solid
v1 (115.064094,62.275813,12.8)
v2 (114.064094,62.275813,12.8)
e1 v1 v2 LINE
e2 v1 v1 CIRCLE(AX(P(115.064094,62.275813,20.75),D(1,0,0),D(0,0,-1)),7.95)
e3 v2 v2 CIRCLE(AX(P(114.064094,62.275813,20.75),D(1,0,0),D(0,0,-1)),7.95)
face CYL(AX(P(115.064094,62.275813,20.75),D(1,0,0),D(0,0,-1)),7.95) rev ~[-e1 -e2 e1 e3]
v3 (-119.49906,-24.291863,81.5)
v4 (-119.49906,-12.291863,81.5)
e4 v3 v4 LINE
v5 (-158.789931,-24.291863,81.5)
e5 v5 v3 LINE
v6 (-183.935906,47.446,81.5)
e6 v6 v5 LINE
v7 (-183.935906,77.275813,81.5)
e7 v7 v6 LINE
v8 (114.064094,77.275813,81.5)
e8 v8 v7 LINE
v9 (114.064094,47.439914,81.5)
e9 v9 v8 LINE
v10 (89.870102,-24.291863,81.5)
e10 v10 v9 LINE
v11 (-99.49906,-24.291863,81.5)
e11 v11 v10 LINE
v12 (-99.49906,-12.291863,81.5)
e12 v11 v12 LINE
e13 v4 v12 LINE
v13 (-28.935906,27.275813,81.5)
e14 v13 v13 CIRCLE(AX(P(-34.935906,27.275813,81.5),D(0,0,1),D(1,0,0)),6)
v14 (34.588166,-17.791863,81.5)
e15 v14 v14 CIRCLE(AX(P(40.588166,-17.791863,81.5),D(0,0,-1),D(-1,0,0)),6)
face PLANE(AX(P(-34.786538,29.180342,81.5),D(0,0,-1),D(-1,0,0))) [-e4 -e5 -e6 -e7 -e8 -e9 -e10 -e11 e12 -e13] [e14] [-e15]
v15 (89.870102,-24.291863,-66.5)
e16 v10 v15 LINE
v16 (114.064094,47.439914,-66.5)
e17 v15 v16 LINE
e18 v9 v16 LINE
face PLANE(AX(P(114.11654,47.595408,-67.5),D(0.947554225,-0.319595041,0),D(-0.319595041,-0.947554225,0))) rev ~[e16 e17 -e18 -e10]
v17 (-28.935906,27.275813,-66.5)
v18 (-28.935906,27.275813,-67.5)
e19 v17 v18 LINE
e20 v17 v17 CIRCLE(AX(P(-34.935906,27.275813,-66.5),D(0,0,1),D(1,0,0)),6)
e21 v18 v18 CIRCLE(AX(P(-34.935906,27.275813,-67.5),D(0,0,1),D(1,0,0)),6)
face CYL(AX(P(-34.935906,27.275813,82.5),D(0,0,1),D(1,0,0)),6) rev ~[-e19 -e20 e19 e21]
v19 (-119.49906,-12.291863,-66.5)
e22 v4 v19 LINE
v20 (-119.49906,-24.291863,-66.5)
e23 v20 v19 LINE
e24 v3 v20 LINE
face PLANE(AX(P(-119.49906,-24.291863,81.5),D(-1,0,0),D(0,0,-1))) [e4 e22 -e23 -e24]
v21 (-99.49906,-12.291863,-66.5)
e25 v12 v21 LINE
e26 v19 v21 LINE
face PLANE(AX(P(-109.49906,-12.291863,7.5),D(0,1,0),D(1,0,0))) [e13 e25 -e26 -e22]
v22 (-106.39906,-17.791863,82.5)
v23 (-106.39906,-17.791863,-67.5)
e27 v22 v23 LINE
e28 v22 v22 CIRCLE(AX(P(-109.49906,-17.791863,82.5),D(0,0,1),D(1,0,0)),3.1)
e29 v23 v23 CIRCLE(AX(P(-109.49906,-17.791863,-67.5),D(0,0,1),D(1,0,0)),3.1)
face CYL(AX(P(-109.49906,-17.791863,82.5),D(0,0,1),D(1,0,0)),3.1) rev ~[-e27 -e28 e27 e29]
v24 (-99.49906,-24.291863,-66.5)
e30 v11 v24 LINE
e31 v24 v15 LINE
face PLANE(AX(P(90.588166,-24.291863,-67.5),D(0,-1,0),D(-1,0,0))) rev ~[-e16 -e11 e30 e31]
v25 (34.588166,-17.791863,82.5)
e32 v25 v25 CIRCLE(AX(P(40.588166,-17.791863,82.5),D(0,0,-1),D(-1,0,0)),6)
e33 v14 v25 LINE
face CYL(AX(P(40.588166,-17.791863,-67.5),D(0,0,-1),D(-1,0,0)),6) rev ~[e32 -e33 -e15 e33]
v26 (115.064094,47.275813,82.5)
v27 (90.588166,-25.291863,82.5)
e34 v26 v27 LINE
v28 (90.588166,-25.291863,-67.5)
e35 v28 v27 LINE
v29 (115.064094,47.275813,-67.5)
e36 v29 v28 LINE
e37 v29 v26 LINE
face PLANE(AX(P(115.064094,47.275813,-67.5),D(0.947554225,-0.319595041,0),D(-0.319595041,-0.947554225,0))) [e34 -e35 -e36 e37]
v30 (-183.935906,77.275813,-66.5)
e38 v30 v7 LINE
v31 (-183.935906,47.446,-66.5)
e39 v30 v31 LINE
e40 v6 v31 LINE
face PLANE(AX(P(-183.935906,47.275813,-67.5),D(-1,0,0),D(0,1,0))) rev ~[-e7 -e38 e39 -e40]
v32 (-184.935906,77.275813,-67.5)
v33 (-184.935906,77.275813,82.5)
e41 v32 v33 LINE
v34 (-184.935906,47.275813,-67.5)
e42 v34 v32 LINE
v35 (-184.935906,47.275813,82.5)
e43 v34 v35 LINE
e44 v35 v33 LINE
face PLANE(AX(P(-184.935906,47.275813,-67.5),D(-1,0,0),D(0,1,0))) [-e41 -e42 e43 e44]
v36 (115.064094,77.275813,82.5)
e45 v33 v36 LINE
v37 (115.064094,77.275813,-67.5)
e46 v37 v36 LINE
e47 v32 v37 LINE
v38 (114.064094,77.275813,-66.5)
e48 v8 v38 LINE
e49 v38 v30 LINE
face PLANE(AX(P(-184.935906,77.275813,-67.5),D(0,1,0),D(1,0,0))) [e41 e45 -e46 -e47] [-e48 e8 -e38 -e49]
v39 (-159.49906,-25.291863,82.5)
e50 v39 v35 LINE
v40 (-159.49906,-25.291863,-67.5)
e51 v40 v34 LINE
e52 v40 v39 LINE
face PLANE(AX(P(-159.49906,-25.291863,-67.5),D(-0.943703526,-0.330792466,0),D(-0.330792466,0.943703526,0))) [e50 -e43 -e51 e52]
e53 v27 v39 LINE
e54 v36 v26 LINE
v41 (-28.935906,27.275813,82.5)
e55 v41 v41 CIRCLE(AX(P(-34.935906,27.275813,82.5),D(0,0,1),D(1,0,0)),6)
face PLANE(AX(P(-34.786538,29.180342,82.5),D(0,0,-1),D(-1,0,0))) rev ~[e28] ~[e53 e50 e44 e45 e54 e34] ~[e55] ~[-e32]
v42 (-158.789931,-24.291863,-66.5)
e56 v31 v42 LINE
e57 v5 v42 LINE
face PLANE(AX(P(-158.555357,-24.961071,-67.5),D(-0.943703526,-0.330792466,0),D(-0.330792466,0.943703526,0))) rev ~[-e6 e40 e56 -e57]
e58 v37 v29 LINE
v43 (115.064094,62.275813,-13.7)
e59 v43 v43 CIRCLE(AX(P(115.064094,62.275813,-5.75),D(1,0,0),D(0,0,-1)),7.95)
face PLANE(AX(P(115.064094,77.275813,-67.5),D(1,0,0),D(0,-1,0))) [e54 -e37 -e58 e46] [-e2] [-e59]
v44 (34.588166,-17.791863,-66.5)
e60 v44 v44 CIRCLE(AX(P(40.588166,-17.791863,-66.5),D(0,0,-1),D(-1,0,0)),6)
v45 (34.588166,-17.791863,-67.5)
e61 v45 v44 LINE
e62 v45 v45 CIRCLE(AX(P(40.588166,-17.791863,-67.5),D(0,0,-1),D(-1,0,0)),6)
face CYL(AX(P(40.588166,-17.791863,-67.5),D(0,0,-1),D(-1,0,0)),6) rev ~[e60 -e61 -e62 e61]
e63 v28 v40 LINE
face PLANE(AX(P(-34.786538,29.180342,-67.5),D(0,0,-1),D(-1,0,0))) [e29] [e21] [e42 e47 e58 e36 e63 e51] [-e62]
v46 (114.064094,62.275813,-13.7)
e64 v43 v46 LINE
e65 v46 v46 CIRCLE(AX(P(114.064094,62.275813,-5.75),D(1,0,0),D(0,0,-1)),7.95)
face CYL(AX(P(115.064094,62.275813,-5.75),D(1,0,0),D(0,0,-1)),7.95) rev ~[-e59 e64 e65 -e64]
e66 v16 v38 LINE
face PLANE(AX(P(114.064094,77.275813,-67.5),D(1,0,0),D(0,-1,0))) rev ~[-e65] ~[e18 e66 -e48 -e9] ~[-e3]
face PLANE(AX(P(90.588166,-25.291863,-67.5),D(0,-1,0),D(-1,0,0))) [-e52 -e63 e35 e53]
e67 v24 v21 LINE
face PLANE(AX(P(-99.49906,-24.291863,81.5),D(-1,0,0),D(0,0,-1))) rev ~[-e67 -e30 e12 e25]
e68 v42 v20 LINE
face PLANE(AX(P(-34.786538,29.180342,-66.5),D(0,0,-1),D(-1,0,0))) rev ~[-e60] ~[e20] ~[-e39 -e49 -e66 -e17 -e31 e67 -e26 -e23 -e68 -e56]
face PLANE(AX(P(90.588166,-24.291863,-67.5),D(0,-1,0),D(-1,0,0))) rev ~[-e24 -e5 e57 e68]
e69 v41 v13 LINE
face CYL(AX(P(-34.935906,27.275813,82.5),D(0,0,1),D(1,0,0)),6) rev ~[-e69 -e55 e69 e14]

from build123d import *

# Parameters (mm, degrees)
BOSS_EXTRUDE1_DEPTH     = 15
SCALE4_SCALE            = 10
SHELL3_T                = -1
SKETCH7_R               = 2.5
CUT_EXTRUDE2_DEPTH      = 1
CUT_EXTRUDE2_DEPTH_BACK = 151
SKETCH8_R               = 2.5
CUT_EXTRUDE3_DEPTH      = 1
CUT_EXTRUDE3_DEPTH_BACK = 151
SKETCH11_R              = 6
CUT_EXTRUDE5_DEPTH      = 1
CUT_EXTRUDE5_DEPTH_BACK = 151
SKETCH12_R              = 6
CUT_EXTRUDE6_DEPTH      = 1
CUT_EXTRUDE6_DEPTH_BACK = 151
SKETCH19_W              = 20
SKETCH19_H              = 148
BOSS_EXTRUDE6_DEPTH     = 12
SKETCH6_R               = 3.1
CUT_EXTRUDE9_DEPTH      = 1
CUT_EXTRUDE9_DEPTH_BACK = 151
SKETCH22_R              = 7.95
CUT_EXTRUDE10_DEPTH     = 2


with BuildPart() as part:
    # Sketch1 → Boss-Extrude1 (new body)
    with BuildSketch(Plane.XY):
        Polygon((-49.791399094, 32.645333647), (-19.791399094, 32.645333647), (-19.791399094, 29.645333647), (-22.238991949, 22.388566018), (-47.247714564, 22.388566018), (-49.791399094, 29.645333647), align=None)
    extrude(amount=BOSS_EXTRUDE1_DEPTH)


with BuildPart() as part_1:
    # Scale4: scaled about (-34.775342822, 27.686391484, 7.5)
    add(part.part.scale(SCALE4_SCALE).moved(Location((312.978085398, -249.177523356, -67.5))))

    # Shell3
    shell3_openings = [part_1.faces().sort_by_distance(p)[0] for p in [
        (-34.935905541, 77.275813113, 7.5),
    ]]
    offset(amount=SHELL3_T, openings=shell3_openings, kind=Kind.INTERSECTION)

    # Sketch7 → Cut-Extrude2 (cut, two sides)
    with BuildSketch(Plane.XY.offset(82.5)) as cut_extrude2_sk:
        with Locations((40.588165903, -17.79186318)):
            Circle(SKETCH7_R)
    extrude(amount=CUT_EXTRUDE2_DEPTH, mode=Mode.SUBTRACT)
    extrude(cut_extrude2_sk.sketch, amount=-CUT_EXTRUDE2_DEPTH_BACK, mode=Mode.SUBTRACT)

    # Sketch8 → Cut-Extrude3 (cut, two sides)
    with BuildSketch(Plane.XY.offset(82.5)) as cut_extrude3_sk:
        with Locations((-34.935905541, 27.275813113)):
            Circle(SKETCH8_R)
    extrude(amount=CUT_EXTRUDE3_DEPTH, mode=Mode.SUBTRACT)
    extrude(cut_extrude3_sk.sketch, amount=-CUT_EXTRUDE3_DEPTH_BACK, mode=Mode.SUBTRACT)

    # Sketch11 → Cut-Extrude5 (cut, two sides)
    with BuildSketch(Plane(origin=(0, 0, -67.5), x_dir=(-1, 0, 0), z_dir=(0, 0, -1))) as cut_extrude5_sk:
        with Locations((-40.588165903, -17.79186318)):
            Circle(SKETCH11_R)
    extrude(amount=CUT_EXTRUDE5_DEPTH, mode=Mode.SUBTRACT)
    extrude(cut_extrude5_sk.sketch, amount=-CUT_EXTRUDE5_DEPTH_BACK, mode=Mode.SUBTRACT)

    # Sketch12 → Cut-Extrude6 (cut, two sides)
    with BuildSketch(Plane.XY.offset(82.5)) as cut_extrude6_sk:
        with Locations((-34.935905541, 27.275813113)):
            Circle(SKETCH12_R)
    extrude(amount=CUT_EXTRUDE6_DEPTH, mode=Mode.SUBTRACT)
    extrude(cut_extrude6_sk.sketch, amount=-CUT_EXTRUDE6_DEPTH_BACK, mode=Mode.SUBTRACT)

    # Sketch19 → Boss-Extrude6 (add)
    with BuildSketch(Plane(origin=(0, -24.29186318, 0), x_dir=(1, 0, 0), z_dir=(0, 1, 0))):
        with Locations((-109.499060243, -7.5)):
            Rectangle(SKETCH19_W, SKETCH19_H)
    extrude(amount=BOSS_EXTRUDE6_DEPTH)

    # Sketch6 → Cut-Extrude9 (cut, two sides)
    with BuildSketch(Plane.XY.offset(82.5)) as cut_extrude9_sk:
        with Locations((-109.499060243, -17.79186318)):
            Circle(SKETCH6_R)
    extrude(amount=CUT_EXTRUDE9_DEPTH, mode=Mode.SUBTRACT)
    extrude(cut_extrude9_sk.sketch, amount=-CUT_EXTRUDE9_DEPTH_BACK, mode=Mode.SUBTRACT)

    # Sketch22 → Cut-Extrude10 (cut)
    with BuildSketch(Plane(origin=(115.064094459, 0, 0), x_dir=(0, 0, -1), z_dir=(1, 0, 0))):
        with Locations((-20.75, 62.275813113)):
            Circle(SKETCH22_R)
        with Locations((5.75, 62.275813113)):
            Circle(SKETCH22_R)
    extrude(amount=-CUT_EXTRUDE10_DEPTH, mode=Mode.SUBTRACT)


solid = part_1.part
